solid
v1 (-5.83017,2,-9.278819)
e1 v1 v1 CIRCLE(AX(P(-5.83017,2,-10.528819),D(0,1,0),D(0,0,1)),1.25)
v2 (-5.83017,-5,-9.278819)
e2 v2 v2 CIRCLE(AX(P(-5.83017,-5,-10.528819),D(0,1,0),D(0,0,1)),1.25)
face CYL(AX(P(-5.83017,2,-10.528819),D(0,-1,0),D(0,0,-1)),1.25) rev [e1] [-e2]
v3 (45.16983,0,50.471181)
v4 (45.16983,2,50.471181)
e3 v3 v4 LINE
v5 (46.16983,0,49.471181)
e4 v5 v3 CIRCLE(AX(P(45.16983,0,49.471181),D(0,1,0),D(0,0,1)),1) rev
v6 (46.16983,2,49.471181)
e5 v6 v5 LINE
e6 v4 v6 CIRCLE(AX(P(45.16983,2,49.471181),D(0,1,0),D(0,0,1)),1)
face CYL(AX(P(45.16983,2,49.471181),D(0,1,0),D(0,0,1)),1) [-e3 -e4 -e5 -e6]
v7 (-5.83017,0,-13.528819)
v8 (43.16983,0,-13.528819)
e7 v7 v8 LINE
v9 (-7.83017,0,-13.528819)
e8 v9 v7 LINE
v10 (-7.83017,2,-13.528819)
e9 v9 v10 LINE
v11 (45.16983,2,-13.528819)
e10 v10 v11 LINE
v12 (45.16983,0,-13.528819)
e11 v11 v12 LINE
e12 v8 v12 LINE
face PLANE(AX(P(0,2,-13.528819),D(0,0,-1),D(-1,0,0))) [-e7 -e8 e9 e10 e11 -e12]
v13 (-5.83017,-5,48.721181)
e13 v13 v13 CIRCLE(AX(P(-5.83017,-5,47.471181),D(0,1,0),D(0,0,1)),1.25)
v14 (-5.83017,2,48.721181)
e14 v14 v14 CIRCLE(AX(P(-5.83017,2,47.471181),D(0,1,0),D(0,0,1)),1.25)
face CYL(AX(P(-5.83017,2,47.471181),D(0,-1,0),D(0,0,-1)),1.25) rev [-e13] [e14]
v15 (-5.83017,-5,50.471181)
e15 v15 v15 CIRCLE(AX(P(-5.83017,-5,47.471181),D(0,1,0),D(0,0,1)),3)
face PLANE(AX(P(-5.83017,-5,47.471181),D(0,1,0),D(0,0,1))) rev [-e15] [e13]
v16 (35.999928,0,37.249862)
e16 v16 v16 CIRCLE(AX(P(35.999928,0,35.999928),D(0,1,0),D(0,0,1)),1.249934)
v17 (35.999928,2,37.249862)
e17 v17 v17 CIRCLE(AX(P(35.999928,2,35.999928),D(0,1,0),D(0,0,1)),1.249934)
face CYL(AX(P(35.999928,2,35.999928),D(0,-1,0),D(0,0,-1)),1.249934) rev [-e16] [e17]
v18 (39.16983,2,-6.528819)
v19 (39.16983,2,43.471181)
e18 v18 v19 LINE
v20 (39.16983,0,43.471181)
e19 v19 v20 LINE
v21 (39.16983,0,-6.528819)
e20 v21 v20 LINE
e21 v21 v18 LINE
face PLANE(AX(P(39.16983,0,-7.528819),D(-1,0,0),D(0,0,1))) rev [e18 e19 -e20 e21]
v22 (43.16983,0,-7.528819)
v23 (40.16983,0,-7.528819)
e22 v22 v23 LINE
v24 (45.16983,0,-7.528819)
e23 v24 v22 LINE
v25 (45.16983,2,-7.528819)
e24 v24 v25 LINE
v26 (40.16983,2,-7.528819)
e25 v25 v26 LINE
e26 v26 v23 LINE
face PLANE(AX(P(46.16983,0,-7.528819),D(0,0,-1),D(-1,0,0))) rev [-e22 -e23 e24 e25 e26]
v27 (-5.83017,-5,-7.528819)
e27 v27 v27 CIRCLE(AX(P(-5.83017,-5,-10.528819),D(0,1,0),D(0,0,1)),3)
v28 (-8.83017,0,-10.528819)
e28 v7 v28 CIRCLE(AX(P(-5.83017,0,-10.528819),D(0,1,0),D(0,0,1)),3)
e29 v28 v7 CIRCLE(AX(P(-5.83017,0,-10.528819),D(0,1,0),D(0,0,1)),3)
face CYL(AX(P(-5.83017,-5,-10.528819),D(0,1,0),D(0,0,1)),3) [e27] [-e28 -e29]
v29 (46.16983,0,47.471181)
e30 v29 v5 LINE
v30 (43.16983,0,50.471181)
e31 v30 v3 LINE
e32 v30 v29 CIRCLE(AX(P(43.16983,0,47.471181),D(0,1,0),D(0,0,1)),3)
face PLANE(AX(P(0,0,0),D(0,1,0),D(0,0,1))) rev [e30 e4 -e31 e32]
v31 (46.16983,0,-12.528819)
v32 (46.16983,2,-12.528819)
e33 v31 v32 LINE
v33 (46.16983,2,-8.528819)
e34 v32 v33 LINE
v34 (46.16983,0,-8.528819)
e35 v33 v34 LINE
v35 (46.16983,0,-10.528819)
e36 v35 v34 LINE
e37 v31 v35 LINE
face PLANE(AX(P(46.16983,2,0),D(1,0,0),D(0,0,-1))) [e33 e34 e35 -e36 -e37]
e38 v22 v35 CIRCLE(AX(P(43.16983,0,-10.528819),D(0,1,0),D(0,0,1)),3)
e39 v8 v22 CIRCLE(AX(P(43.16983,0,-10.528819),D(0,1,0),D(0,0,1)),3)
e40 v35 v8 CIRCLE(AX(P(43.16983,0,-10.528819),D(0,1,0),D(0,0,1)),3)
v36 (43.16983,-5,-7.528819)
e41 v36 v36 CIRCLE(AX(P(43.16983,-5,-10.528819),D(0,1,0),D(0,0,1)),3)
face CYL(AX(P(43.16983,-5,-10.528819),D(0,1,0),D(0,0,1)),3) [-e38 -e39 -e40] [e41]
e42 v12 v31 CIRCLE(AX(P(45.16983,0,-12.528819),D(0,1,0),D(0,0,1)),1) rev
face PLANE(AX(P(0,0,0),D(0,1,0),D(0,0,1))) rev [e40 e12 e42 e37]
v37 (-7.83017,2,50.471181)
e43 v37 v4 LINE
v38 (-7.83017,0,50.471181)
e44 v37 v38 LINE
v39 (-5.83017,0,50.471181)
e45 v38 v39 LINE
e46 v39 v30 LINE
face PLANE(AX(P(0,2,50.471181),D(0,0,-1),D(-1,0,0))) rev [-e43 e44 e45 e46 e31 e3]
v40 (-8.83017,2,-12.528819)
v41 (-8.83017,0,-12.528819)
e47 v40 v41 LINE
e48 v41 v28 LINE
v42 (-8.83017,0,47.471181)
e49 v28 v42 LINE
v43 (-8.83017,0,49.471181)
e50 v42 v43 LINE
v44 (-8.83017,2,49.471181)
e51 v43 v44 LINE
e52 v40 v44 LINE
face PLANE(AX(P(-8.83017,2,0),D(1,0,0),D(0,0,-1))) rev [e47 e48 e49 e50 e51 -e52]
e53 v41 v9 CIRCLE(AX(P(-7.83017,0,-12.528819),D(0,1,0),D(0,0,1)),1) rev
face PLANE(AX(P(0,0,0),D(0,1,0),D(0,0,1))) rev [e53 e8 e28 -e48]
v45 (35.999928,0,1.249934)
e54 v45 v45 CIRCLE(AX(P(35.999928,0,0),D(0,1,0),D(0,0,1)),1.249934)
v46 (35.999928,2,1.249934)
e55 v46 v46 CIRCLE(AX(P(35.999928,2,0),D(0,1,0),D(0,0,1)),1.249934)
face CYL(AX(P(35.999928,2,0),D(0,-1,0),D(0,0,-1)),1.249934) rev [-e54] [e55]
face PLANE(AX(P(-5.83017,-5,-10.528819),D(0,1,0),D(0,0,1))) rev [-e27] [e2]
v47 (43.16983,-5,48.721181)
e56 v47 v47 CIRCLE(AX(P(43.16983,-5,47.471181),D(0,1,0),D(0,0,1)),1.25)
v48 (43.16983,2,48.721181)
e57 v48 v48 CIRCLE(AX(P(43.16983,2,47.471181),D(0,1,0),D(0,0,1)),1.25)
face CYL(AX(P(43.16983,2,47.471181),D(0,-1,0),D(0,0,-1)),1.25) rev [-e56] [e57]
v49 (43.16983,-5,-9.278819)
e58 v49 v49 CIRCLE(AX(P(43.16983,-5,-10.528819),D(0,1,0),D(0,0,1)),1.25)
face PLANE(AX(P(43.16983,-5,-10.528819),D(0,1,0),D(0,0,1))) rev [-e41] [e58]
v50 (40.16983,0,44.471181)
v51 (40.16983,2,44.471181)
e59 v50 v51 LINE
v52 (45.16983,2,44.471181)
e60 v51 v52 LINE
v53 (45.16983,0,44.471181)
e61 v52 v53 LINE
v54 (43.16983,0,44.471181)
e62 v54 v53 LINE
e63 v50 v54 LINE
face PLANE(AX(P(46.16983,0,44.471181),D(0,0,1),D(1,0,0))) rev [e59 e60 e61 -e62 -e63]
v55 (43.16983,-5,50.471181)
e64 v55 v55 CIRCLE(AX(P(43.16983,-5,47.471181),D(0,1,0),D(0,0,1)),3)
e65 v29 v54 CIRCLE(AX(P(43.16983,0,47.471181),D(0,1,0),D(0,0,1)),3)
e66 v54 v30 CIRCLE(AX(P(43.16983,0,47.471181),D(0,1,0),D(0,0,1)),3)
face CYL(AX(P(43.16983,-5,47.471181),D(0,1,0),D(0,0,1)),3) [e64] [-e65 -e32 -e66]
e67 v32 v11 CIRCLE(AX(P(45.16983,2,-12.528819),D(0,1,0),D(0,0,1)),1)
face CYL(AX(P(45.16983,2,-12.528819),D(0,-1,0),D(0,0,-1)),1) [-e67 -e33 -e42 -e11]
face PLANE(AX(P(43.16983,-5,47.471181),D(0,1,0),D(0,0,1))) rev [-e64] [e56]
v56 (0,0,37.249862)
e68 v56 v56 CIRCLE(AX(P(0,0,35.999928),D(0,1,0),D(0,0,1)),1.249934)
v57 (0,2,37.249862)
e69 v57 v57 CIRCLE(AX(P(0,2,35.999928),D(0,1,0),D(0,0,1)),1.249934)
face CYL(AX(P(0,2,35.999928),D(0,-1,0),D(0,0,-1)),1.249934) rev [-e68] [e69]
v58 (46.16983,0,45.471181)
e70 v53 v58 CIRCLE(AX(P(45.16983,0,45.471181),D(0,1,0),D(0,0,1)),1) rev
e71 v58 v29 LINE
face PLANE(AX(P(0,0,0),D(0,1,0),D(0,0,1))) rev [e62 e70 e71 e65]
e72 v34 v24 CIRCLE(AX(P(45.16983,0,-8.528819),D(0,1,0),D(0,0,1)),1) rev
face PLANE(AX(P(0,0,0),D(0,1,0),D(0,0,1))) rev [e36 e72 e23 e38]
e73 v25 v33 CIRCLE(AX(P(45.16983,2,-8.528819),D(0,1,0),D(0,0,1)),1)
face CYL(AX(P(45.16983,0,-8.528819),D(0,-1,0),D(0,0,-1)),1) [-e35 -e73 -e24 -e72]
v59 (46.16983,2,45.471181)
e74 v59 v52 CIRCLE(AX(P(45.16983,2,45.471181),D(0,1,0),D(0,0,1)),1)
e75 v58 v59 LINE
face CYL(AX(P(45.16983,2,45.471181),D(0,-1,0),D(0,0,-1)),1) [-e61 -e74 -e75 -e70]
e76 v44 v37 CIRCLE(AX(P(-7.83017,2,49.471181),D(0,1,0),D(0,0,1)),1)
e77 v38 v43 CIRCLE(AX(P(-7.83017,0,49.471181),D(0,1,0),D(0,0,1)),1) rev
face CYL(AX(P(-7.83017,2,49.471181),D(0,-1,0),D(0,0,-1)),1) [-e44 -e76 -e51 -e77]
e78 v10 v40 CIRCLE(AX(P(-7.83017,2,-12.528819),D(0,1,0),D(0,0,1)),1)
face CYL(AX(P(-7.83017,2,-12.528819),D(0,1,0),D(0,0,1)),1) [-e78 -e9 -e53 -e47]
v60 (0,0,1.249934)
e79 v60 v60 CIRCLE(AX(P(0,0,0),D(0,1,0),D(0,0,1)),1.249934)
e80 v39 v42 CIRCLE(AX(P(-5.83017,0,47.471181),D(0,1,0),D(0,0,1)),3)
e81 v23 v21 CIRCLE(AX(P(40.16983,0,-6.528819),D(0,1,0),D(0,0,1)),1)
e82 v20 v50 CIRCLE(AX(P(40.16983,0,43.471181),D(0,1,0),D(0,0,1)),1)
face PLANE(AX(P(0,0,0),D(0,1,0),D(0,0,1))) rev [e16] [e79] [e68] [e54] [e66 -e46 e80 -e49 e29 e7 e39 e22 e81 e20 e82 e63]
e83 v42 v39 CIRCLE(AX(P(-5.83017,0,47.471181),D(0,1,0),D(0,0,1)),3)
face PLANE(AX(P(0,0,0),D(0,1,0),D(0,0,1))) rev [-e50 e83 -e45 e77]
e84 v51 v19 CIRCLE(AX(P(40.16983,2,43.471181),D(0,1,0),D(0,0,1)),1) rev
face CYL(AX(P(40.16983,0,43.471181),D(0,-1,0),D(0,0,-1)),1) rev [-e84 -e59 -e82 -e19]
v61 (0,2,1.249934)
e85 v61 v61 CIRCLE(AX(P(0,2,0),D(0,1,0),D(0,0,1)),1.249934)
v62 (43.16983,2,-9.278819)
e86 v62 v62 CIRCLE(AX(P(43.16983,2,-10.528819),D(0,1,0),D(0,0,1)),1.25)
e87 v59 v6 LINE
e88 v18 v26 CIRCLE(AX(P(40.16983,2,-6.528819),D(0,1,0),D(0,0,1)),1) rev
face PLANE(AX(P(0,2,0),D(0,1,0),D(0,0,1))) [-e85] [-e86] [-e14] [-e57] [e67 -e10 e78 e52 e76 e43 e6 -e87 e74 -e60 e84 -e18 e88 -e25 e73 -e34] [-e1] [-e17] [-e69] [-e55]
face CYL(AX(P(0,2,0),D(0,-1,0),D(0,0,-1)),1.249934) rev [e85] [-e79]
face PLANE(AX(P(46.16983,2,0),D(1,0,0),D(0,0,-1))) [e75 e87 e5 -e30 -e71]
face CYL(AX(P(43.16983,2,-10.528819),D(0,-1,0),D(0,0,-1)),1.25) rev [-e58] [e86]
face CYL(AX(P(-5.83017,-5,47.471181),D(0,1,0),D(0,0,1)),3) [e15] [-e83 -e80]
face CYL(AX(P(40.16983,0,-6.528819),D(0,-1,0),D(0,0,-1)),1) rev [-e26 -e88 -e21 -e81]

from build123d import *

# Parameters (mm, degrees)
SKETCH2_W           = 55
SKETCH2_H           = 64
SKETCH2_R           = 1.25
SKETCH2_R_2         = 1.249934
BOSS_EXTRUDE1_DEPTH = 2
SKETCH4_W           = 7
SKETCH4_H           = 52
CUT_EXTRUDE1_DEPTH  = 2
FILLET1_R           = 1
BOSS_EXTRUDE2_START = -7
SKETCH5_R           = 3
SKETCH5_R_2         = 1.25
BOSS_EXTRUDE2_DEPTH = 7


with BuildPart() as part:
    # Sketch2 → Boss-Extrude1 (new body)
    with BuildSketch(Plane(origin=(0, 0, 0), x_dir=(1, 0, 0), z_dir=(0, 1, 0))):
        with Locations((18.669829868, -18.471180694)):
            Rectangle(SKETCH2_W, SKETCH2_H)
        with Locations(Location((-5.830170132, 10.528819306, 0), (0, 0, 270))):
            Circle(SKETCH2_R, mode=Mode.SUBTRACT)
        with Locations(Location((-5.830170132, -47.471180694, 0), (0, 0, 270))):
            Circle(SKETCH2_R, mode=Mode.SUBTRACT)
        with Locations(Location((43.169829868, -47.471180694, 0), (0, 0, 270))):
            Circle(SKETCH2_R, mode=Mode.SUBTRACT)
        with Locations(Location((43.169829868, 10.528819306, 0), (0, 0, 270))):
            Circle(SKETCH2_R, mode=Mode.SUBTRACT)
        with Locations(Location((0, 0, 0), (0, 0, 270))):
            Circle(SKETCH2_R_2, mode=Mode.SUBTRACT)
        with Locations(Location((35.999928, 0, 0), (0, 0, 270))):
            Circle(SKETCH2_R_2, mode=Mode.SUBTRACT)
        with Locations(Location((0, -35.999928, 0), (0, 0, 270))):
            Circle(SKETCH2_R_2, mode=Mode.SUBTRACT)
        with Locations(Location((35.999928, -35.999928, 0), (0, 0, 270))):
            Circle(SKETCH2_R_2, mode=Mode.SUBTRACT)
    extrude(amount=BOSS_EXTRUDE1_DEPTH)

    # Sketch4 → Cut-Extrude1 (cut)
    with BuildSketch(Plane(origin=(0, 2, 0), x_dir=(1, 0, 0), z_dir=(0, 1, 0))):
        with Locations((42.669829868, -18.471180694)):
            Rectangle(SKETCH4_W, SKETCH4_H)
    extrude(amount=-CUT_EXTRUDE1_DEPTH, mode=Mode.SUBTRACT)

    # Fillet1
    fillet1_edges = [part.edges().sort_by_distance(p)[0] for p in [
        (46.169829868, 1, -13.528819306),
        (46.169829868, 1, 50.471180694),
        (-8.830170132, 1, 50.471180694),
        (-8.830170132, 1, -13.528819306),
        (46.169829868, 1, -7.528819306),
        (46.169829868, 1, 44.471180694),
        (39.169829868, 1, 44.471180694),
        (39.169829868, 1, -7.528819306),
    ]]
    fillet(fillet1_edges, radius=FILLET1_R)

    # Sketch5 → Boss-Extrude2 (add)
    # profile 1 of 4: a face of its own
    with BuildSketch(Plane(origin=(0, 2, 0), x_dir=(1, 0, 0), z_dir=(0, 1, 0)).offset(BOSS_EXTRUDE2_START)):
        with Locations(Location((-5.830170132, 10.528819306, 0), (0, 0, 270))):
            Circle(SKETCH5_R)
        with Locations(Location((-5.830170132, 10.528819306, 0), (0, 0, 270))):
            Circle(SKETCH5_R_2, mode=Mode.SUBTRACT)
    # profile 2 of 4: a face of its own
    with BuildSketch(Plane(origin=(0, 2, 0), x_dir=(1, 0, 0), z_dir=(0, 1, 0)).offset(BOSS_EXTRUDE2_START)):
        with Locations(Location((43.169829868, 10.528819306, 0), (0, 0, 270))):
            Circle(SKETCH5_R)
        with Locations(Location((43.169829868, 10.528819306, 0), (0, 0, 270))):
            Circle(SKETCH5_R_2, mode=Mode.SUBTRACT)
    # profile 3 of 4: a face of its own
    with BuildSketch(Plane(origin=(0, 2, 0), x_dir=(1, 0, 0), z_dir=(0, 1, 0)).offset(BOSS_EXTRUDE2_START)):
        with Locations(Location((43.169829868, -47.471180694, 0), (0, 0, 270))):
            Circle(SKETCH5_R)
        with Locations(Location((43.169829868, -47.471180694, 0), (0, 0, 270))):
            Circle(SKETCH5_R_2, mode=Mode.SUBTRACT)
    # profile 4 of 4: a face of its own
    with BuildSketch(Plane(origin=(0, 2, 0), x_dir=(1, 0, 0), z_dir=(0, 1, 0)).offset(BOSS_EXTRUDE2_START)):
        with Locations(Location((-5.830170132, -47.471180694, 0), (0, 0, 270))):
            Circle(SKETCH5_R)
        with Locations(Location((-5.830170132, -47.471180694, 0), (0, 0, 270))):
            Circle(SKETCH5_R_2, mode=Mode.SUBTRACT)
    extrude(amount=BOSS_EXTRUDE2_DEPTH)


solid = part.part
